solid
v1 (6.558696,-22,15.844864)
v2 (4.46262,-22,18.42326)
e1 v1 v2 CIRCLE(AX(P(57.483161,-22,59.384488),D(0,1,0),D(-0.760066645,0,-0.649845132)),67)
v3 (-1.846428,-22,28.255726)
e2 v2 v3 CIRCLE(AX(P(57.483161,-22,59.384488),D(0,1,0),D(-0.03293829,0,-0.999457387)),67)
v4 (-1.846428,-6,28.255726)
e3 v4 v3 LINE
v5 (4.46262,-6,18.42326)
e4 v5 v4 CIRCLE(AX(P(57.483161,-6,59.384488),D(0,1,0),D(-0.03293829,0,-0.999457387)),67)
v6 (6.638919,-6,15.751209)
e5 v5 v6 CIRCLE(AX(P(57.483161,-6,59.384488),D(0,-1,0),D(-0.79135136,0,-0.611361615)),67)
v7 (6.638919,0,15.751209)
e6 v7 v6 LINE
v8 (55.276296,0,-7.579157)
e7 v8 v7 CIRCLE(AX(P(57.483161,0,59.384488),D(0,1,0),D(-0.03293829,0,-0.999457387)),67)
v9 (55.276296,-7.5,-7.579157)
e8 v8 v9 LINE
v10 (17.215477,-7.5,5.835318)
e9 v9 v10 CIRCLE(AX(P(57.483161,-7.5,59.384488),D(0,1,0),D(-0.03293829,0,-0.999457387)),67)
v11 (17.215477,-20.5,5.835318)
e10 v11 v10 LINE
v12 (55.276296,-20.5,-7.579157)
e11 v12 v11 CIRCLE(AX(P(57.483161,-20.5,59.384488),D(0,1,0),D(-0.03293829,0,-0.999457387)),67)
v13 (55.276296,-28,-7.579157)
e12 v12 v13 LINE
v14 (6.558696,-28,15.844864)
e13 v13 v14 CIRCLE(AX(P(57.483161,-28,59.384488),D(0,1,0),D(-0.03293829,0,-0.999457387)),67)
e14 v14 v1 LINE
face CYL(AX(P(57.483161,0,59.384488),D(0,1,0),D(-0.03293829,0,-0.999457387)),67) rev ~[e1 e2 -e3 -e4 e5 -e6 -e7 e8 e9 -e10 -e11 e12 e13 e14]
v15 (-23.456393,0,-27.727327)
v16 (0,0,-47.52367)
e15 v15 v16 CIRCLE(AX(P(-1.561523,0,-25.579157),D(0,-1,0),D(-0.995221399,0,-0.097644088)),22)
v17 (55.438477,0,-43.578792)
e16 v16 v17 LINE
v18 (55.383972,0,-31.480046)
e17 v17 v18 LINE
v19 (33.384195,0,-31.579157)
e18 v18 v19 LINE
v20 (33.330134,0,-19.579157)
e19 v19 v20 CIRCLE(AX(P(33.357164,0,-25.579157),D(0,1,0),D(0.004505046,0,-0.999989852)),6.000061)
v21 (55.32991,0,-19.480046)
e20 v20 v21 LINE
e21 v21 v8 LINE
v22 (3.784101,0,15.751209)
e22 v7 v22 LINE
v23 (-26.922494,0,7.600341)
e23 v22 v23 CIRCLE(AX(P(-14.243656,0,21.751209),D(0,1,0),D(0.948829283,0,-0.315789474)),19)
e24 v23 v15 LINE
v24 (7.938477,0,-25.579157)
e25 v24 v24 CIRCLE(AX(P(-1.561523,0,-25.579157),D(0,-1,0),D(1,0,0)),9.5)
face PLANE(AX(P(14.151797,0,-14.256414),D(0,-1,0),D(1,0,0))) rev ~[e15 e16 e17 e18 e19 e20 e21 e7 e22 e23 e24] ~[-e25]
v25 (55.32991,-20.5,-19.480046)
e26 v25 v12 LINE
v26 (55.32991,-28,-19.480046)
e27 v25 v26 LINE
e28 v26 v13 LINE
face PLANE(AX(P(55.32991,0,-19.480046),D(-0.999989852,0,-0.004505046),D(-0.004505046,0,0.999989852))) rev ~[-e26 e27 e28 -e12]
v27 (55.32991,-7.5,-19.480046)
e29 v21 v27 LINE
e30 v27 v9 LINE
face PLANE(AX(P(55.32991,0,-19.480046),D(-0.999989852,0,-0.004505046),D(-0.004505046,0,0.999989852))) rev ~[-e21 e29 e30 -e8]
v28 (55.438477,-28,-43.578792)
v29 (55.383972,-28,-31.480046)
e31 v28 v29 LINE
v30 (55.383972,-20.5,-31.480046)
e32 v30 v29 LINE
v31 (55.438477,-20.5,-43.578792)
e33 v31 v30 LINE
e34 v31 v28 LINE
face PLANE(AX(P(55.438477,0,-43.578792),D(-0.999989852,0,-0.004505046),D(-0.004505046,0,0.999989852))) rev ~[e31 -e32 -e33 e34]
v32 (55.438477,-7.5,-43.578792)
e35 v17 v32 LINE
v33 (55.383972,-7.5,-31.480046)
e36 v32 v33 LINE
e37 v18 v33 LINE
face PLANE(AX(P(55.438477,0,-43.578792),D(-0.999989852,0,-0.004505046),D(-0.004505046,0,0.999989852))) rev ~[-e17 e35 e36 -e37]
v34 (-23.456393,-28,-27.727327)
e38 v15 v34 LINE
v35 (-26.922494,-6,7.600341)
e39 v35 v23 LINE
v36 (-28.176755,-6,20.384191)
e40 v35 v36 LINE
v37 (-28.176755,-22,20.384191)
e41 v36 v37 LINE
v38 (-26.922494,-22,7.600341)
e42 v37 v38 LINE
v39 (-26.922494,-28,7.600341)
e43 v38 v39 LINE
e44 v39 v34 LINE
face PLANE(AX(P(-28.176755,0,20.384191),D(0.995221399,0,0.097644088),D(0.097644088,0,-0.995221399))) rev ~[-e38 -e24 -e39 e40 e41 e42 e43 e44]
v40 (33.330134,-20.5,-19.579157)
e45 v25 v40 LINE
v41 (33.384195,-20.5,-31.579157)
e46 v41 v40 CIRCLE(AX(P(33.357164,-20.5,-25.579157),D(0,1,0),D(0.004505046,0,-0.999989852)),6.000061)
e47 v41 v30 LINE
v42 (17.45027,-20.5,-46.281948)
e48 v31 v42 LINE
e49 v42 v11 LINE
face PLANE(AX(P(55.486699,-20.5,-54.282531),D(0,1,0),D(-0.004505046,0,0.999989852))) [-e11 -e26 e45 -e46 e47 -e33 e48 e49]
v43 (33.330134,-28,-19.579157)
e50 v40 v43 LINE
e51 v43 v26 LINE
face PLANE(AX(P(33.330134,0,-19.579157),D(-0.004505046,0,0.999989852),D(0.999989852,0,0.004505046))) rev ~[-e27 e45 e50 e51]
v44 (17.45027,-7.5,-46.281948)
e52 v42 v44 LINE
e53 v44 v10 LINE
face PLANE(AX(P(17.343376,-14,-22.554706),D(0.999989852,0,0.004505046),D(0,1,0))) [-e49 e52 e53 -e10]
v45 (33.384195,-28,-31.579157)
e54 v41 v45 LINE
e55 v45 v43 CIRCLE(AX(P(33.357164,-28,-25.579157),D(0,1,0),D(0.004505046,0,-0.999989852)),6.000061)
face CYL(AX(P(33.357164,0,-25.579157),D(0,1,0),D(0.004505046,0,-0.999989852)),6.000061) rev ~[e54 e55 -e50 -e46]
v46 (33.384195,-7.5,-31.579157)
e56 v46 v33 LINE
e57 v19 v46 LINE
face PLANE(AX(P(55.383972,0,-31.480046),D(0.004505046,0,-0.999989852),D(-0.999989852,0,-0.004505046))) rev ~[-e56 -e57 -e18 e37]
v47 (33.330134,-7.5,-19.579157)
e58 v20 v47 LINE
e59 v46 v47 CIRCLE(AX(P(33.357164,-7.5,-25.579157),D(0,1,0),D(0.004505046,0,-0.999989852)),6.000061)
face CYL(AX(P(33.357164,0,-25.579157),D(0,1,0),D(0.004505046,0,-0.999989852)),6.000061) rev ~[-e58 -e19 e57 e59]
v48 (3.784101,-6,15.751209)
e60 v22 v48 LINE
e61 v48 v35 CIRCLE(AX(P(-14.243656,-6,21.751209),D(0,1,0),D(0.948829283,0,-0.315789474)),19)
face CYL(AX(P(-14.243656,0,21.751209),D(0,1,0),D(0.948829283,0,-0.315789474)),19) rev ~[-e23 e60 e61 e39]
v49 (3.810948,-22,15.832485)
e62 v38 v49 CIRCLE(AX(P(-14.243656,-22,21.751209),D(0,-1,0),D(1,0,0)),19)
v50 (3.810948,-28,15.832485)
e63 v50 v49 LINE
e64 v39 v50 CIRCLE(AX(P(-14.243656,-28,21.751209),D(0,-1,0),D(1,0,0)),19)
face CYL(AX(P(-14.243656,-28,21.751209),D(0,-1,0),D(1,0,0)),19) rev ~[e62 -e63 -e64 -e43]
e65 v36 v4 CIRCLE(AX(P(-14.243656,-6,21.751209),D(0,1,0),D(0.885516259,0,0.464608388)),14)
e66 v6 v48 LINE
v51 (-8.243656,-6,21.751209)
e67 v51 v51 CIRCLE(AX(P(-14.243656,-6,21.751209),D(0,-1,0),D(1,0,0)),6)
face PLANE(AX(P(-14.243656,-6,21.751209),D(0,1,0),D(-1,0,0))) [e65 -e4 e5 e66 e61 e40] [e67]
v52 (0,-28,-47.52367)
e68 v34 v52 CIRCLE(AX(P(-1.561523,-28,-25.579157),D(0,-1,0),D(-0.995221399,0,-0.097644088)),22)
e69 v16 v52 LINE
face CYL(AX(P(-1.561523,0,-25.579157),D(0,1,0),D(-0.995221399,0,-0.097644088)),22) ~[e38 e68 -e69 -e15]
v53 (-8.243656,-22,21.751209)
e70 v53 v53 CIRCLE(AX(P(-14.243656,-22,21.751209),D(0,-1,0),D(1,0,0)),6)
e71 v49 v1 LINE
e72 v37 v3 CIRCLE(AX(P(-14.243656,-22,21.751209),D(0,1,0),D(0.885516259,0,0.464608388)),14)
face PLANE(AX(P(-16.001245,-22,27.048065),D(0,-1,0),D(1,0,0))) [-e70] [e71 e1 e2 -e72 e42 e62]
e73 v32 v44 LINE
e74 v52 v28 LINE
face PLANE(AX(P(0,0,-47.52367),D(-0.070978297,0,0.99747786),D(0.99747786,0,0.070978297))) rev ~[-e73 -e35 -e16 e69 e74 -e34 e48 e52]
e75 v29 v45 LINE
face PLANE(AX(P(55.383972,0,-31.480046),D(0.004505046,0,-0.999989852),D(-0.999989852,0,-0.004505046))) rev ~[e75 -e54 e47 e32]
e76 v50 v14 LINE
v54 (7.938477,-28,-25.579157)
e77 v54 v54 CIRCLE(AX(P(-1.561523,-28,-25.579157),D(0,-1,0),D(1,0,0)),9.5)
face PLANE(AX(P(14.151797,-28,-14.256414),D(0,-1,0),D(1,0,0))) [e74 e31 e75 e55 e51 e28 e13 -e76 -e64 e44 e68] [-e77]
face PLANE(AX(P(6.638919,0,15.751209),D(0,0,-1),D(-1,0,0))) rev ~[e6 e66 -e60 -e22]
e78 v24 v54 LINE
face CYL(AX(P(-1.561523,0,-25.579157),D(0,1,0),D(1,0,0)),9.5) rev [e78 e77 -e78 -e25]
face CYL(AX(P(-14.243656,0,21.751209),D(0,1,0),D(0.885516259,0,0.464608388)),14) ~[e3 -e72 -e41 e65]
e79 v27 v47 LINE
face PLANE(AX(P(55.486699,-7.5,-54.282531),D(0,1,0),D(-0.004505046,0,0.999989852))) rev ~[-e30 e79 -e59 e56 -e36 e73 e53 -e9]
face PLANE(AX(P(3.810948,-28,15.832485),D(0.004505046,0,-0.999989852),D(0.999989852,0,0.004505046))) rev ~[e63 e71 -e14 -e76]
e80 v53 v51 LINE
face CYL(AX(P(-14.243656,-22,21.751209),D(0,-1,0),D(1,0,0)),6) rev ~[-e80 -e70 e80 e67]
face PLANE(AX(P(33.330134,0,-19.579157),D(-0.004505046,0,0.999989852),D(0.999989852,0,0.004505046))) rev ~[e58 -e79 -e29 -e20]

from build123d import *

# Parameters (mm, degrees)
F0_R      = 9.5
F1_DEPTH  = 28
F3_DEPTH  = 6
F5_R      = 6
F6_DEPTH  = 22.001
F7_W      = 13
F7_H      = 63.7986809015
F8_DEPTH  = 38
F10_DEPTH = 6


with BuildPart() as f1:
    # F0 (on Front) → F1 (new body)
    with BuildSketch(Plane.XZ):
        with BuildLine():
            Line((55.3299104147, -19.4800459675), (55.27629582, -7.5791569764))
            ThreePointArc((55.27629582, -7.5791569764), (21.8781261357, 2.6281537564), (-1.8464281096, 28.2557259496))
            ThreePointArc((-1.8464281096, 28.2557259496), (-18.2536420422, 35.1646349887), (-28.1767553192, 20.3841912865))
            Line((-28.1767553192, 20.3841912865), (-23.4563932978, -27.7273269018))
            ThreePointArc((-23.4563932978, -27.7273269018), (-15.7507812014, -42.3917991939), (0, -47.5236698985))
            Line((0, -47.5236698985), (55.4384774708, -43.5787916566))
            Line((55.4384774708, -43.5787916566), (55.3839715136, -31.4800459675))
            Line((55.3839715136, -31.4800459675), (33.3841947645, -31.5791569764))
            ThreePointArc((33.3841947645, -31.5791569764), (27.3571642151, -25.6061875258), (33.3301336657, -19.5791569764))
            Line((33.3301336657, -19.5791569764), (55.3299104147, -19.4800459675))
        make_face()
        with Locations((-1.5615225292, -25.5791569764)):
            Circle(F0_R, mode=Mode.SUBTRACT)
    extrude(amount=F1_DEPTH)

    # F2 (on face) → F3 (cut)
    with BuildSketch(Plane.XZ.offset(28)):
        with BuildLine():
            ThreePointArc((4.462620132, 18.4232597398), (4.6827707797, 20.0807656893), (4.7563442608, 21.7512085118))
            ThreePointArc((4.7563442608, 21.7512085118), (-21.9929159378, 39.0990892578), (-26.9224943051, 7.6003409546))
            Line((-26.9224943051, 7.6003409546), (-28.1767553192, 20.3841912865))
            ThreePointArc((-28.1767553192, 20.3841912865), (-18.2536420422, 35.1646349887), (-1.8464281096, 28.2557259496))
            ThreePointArc((-1.8464281096, 28.2557259496), (1.0933811252, 23.2017200271), (4.462620132, 18.4232597398))
        make_face()
        with BuildLine():
            ThreePointArc((6.5586960689, 15.8448641244), (5.4946710371, 17.1210654398), (4.462620132, 18.4232597398))
            ThreePointArc((4.462620132, 18.4232597398), (4.1823746256, 17.1164048487), (3.8109479717, 15.8324852676))
            Line((3.8109479717, 15.8324852676), (6.5586960689, 15.8448641244))
        make_face()
        with BuildLine():
            Line((-28.1767553192, 20.3841912865), (-26.9224943051, 7.6003409546))
            ThreePointArc((-26.9224943051, 7.6003409546), (-9.3276855683, 3.3981913953), (3.8109479717, 15.8324852676))
            ThreePointArc((3.8109479717, 15.8324852676), (4.1823746256, 17.1164048487), (4.462620132, 18.4232597398))
            ThreePointArc((4.462620132, 18.4232597398), (1.0933811252, 23.2017200271), (-1.8464281096, 28.2557259496))
            ThreePointArc((-1.8464281096, 28.2557259496), (-18.2536420422, 35.1646349887), (-28.1767553192, 20.3841912865))
        make_face()
    extrude(amount=-F3_DEPTH, mode=Mode.SUBTRACT)

    # F5 (on face) → F6 (cut, through all)
    with BuildSketch(Plane.XZ.offset(22)):
        with Locations((-14.2436557392, 21.7512085118)):
            Circle(F5_R)
    extrude(amount=-F6_DEPTH, mode=Mode.SUBTRACT)

    # F7 (on face) → F8 (cut)
    with BuildSketch(Plane(origin=(55.2410298601, 0, 0.248865898), x_dir=(0, 1, 0), z_dir=(0.9999898522, 0, 0.0045050459))):
        with Locations((-14, -22.6326100528)):
            Rectangle(F7_W, F7_H)
    extrude(amount=-F8_DEPTH, mode=Mode.SUBTRACT)

    # F9 (on face) → F10 (cut)
    with BuildSketch(Plane(origin=(0, 0, 0), x_dir=(-1, 0, 0), z_dir=(0, 1, 0))):
        with BuildLine():
            ThreePointArc((-3.7841006381, 15.7512085118), (17.2827862753, 2.9958443302), (33.2436557392, 21.7512085118))
            ThreePointArc((33.2436557392, 21.7512085118), (11.2045252031, 40.5065726934), (-3.7841006381, 15.7512085118))
        make_face()
        with BuildLine():
            ThreePointArc((-3.7841006381, 15.7512085118), (-4.1718878517, 17.0749114458), (-4.462620132, 18.4232597398))
            ThreePointArc((-4.462620132, 18.4232597398), (-5.5335871793, 17.0732394365), (-6.6389194686, 15.7512085118))
            Line((-6.6389194686, 15.7512085118), (-3.7841006381, 15.7512085118))
        make_face()
    extrude(amount=-F10_DEPTH, mode=Mode.SUBTRACT)


solid = f1.part
